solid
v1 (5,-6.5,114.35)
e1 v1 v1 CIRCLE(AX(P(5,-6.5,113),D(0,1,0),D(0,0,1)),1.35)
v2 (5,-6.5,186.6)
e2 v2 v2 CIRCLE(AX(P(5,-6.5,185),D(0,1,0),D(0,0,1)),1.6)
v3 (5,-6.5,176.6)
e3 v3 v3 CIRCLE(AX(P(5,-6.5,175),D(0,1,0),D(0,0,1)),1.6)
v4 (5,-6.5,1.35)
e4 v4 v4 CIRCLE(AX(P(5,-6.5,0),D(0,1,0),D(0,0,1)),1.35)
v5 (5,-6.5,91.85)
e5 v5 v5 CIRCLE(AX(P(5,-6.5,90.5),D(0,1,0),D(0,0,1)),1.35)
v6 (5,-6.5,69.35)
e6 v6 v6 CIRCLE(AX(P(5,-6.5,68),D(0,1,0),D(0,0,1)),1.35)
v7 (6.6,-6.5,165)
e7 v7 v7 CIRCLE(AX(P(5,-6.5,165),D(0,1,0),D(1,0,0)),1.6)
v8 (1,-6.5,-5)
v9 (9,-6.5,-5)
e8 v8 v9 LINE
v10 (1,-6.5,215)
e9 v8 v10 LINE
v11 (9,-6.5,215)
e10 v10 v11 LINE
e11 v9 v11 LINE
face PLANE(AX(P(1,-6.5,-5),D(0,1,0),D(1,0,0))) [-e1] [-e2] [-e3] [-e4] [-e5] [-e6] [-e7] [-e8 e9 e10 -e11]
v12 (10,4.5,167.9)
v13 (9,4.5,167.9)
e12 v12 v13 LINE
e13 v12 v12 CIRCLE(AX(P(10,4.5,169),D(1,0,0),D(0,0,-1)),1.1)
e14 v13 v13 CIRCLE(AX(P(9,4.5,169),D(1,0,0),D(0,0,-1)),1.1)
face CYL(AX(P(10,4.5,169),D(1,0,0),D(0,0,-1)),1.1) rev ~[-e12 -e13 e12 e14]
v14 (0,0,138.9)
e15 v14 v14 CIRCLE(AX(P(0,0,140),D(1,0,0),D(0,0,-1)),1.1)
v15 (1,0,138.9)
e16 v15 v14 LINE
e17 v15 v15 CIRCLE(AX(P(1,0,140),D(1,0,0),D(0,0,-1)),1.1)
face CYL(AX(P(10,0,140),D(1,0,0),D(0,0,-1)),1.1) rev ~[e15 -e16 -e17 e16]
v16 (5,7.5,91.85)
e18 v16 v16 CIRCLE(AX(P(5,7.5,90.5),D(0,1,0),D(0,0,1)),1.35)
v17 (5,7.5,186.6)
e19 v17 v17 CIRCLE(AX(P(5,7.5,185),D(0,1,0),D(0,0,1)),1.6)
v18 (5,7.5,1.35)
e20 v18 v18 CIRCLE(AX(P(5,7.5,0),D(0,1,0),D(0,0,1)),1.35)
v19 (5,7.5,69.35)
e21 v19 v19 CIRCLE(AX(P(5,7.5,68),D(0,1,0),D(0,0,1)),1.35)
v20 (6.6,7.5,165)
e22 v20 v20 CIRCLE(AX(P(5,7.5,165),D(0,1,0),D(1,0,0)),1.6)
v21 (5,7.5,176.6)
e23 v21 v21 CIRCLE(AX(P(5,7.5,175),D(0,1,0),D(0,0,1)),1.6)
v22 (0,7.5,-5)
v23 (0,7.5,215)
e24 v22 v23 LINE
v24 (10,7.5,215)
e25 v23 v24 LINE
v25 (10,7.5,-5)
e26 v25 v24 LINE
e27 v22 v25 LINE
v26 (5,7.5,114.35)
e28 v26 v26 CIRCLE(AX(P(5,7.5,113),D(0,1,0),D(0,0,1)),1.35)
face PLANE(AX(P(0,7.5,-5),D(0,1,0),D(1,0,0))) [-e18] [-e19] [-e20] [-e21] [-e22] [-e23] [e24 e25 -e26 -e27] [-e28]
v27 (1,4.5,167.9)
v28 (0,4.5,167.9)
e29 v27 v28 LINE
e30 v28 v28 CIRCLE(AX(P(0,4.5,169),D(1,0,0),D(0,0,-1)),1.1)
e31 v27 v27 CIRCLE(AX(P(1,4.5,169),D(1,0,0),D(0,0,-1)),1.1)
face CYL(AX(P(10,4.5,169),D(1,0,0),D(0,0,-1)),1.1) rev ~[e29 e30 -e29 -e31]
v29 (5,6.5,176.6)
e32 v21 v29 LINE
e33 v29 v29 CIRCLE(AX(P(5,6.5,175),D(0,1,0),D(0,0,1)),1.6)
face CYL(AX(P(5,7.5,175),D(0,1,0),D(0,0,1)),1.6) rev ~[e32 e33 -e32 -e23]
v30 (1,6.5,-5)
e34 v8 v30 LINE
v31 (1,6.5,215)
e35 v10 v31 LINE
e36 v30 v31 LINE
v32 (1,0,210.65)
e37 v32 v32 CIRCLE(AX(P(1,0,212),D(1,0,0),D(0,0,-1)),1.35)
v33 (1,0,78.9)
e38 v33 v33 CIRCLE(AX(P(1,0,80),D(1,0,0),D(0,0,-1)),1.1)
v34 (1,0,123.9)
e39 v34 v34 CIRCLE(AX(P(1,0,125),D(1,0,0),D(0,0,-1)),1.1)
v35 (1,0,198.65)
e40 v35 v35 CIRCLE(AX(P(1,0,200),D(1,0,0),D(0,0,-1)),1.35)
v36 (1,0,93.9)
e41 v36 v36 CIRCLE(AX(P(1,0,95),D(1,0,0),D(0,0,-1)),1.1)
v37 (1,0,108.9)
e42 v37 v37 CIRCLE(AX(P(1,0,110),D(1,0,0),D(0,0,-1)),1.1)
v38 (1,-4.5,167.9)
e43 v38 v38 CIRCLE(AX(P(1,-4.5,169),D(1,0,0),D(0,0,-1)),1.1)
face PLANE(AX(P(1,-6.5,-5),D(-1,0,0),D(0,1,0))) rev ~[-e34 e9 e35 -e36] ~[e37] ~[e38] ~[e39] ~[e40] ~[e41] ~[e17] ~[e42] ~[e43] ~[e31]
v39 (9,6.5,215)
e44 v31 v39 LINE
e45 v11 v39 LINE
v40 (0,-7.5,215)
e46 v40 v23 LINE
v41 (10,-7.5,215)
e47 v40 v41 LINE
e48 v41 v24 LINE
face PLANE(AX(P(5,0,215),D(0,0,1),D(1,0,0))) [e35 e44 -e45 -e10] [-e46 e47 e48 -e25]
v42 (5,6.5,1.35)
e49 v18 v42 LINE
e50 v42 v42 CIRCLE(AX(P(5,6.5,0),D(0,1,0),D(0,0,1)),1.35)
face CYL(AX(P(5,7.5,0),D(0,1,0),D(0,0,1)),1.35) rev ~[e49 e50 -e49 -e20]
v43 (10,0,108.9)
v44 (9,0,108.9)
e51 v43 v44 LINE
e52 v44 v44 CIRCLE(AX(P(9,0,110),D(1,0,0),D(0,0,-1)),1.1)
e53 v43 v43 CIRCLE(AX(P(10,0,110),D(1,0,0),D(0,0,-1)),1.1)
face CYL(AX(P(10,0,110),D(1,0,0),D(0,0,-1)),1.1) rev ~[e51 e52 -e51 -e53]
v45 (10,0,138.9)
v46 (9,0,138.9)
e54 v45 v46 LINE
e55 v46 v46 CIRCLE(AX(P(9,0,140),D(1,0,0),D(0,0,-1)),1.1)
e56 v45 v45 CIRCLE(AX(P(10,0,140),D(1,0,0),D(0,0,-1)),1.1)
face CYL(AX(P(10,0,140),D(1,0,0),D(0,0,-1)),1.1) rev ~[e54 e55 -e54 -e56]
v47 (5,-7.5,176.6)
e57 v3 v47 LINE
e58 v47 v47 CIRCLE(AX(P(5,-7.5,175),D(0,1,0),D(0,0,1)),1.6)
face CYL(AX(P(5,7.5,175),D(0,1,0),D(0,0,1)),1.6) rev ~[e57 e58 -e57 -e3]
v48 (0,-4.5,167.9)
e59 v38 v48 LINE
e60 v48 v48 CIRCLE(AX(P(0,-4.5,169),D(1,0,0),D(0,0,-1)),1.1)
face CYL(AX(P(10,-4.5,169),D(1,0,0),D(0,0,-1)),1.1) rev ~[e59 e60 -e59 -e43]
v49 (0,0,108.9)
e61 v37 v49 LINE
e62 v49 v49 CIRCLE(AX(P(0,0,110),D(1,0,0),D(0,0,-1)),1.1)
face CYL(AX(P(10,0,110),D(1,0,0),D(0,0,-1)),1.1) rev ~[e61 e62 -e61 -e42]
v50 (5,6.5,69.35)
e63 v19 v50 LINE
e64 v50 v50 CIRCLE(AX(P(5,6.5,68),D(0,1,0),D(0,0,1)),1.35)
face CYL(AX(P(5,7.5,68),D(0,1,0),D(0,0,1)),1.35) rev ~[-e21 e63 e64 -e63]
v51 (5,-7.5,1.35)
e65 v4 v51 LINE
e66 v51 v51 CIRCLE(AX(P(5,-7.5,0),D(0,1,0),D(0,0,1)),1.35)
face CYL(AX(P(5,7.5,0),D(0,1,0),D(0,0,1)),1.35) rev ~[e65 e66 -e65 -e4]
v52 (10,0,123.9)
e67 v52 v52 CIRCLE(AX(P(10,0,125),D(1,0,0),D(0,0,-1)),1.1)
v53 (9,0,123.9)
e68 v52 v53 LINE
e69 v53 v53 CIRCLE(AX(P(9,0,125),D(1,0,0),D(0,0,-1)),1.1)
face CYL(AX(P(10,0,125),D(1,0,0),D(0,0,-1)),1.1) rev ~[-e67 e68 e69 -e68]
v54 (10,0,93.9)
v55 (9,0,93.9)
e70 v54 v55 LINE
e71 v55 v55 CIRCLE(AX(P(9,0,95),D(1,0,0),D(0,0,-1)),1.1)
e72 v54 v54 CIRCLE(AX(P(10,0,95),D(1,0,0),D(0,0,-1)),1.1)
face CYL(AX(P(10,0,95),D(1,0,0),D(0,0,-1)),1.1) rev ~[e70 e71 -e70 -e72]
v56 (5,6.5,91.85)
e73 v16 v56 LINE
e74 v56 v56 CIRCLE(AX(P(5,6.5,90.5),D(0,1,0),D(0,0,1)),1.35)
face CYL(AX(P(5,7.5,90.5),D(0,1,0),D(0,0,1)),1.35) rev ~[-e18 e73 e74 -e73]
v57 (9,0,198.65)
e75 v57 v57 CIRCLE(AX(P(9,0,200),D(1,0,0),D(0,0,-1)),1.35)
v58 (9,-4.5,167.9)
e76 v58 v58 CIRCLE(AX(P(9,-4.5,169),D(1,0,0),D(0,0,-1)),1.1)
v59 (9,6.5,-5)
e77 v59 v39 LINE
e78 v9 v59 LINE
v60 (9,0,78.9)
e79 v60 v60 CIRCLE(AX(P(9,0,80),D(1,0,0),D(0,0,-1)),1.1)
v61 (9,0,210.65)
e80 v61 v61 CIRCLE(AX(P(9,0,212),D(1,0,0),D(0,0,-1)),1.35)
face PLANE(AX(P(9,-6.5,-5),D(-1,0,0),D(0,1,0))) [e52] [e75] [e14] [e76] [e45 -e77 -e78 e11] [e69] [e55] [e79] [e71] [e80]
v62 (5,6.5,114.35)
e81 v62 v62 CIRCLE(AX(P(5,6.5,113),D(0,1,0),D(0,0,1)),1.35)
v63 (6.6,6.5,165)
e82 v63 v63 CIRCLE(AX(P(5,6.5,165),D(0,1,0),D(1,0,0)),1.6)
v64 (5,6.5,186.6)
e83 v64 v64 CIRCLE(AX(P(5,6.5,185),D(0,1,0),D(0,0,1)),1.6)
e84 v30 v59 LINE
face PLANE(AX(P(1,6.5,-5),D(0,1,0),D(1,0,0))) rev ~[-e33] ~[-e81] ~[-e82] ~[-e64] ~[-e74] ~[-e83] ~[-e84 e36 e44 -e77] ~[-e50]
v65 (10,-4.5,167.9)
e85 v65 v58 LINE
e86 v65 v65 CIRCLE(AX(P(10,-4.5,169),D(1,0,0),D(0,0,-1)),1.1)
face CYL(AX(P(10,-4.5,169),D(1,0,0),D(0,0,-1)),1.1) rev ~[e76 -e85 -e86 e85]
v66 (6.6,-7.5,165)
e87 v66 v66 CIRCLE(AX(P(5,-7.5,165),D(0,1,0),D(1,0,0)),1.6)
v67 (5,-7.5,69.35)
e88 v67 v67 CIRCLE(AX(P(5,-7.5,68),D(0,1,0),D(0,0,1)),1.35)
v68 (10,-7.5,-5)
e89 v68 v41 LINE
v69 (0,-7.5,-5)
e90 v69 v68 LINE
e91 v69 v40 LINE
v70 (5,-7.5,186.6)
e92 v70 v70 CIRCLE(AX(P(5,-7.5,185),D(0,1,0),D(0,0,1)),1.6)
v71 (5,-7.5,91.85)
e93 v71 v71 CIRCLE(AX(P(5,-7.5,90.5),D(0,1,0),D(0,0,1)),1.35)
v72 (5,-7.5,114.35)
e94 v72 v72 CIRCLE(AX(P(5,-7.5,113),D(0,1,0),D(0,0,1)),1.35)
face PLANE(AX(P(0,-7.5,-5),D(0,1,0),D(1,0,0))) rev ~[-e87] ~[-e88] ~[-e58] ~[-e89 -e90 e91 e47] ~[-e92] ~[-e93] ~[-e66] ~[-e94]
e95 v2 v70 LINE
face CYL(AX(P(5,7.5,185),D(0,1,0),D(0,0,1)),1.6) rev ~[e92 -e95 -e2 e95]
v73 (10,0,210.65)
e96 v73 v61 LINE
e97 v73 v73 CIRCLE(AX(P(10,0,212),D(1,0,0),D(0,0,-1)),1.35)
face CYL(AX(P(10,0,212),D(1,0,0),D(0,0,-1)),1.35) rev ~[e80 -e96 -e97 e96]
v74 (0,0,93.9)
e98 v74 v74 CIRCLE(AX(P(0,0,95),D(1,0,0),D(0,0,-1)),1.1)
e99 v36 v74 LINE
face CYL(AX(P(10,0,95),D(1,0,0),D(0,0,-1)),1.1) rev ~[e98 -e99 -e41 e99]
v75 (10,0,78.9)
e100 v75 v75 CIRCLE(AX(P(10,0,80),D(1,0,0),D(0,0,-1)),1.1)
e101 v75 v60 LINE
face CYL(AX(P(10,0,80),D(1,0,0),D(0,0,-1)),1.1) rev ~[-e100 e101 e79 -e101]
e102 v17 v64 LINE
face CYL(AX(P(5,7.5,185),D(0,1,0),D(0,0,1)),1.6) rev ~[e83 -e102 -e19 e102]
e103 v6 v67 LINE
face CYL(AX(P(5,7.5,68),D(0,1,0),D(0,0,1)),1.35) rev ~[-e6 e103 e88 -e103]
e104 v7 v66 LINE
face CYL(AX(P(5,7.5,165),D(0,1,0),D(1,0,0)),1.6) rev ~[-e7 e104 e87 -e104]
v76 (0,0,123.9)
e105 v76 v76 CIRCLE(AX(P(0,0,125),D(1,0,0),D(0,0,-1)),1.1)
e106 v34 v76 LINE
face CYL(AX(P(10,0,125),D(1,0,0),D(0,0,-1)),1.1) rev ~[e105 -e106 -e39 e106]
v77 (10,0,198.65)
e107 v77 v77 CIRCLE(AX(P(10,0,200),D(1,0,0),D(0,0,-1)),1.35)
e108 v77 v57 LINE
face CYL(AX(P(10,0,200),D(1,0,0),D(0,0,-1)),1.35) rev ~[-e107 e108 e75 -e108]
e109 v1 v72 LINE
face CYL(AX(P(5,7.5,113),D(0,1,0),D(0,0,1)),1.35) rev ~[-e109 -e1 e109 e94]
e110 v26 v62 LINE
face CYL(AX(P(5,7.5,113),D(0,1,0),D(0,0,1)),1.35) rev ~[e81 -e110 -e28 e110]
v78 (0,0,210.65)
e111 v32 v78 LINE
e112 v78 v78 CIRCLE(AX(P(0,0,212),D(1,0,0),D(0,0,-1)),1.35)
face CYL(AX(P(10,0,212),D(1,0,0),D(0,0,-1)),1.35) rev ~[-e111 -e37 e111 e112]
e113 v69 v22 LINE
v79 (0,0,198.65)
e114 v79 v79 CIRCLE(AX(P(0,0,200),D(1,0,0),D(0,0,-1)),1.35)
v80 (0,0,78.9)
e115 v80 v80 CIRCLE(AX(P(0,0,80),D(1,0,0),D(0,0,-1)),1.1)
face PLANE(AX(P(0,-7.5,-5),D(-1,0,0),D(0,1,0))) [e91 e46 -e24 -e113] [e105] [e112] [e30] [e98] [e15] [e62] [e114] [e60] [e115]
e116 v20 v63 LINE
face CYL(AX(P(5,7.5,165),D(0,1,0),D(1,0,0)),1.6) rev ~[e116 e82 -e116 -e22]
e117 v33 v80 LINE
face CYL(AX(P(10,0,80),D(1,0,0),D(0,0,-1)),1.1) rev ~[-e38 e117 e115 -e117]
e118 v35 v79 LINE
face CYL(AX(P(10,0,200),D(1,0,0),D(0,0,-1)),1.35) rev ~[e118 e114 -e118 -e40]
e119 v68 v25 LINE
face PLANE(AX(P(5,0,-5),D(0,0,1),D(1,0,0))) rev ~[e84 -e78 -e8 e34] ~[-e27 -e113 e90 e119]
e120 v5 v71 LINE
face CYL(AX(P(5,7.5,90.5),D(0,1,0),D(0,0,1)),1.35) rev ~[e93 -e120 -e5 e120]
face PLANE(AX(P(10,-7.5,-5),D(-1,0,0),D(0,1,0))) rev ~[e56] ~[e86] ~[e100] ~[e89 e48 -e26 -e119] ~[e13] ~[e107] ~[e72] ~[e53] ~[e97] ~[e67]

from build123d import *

# Parameters (mm, degrees)
SKETCH1_W             = 10
SKETCH1_H             = 15
SKETCH1_W_2           = 8
SKETCH1_H_2           = 13
F_20_X_20_X_2_1_DEPTH = 12.5
SKETCH14_W            = 25
SKETCH14_H            = 15
SKETCH14_W_2          = 23
SKETCH14_H_2          = 13
F_20_X_20_X_2_8_DEPTH = 71
SKETCH_8_W            = 10
SKETCH_8_H            = 15
SKETCH_8_W_2          = 8
SKETCH_8_H_2          = 13
EXTRUDE_1_DEPTH       = 220
SKETCH_9_R            = 1.05
SKETCH_9_R_2          = 1.35
SKETCH_9_R_3          = 1.6
SKETCH_9_W            = 4
SKETCH_9_H            = 7
CUT_EXTRUDE_3_DEPTH   = 217.967739537
SKETCH_10_W           = 12
SKETCH_10_H           = 15
CUT_EXTRUDE_4_DEPTH   = 1
SKETCH_11_R           = 1.1
SKETCH_11_R_2         = 1.35
CUT_EXTRUDE_5_DEPTH   = 218.959285189
SKETCH_14_W           = 25
SKETCH_14_H           = 71
CUT_EXTRUDE_6_DEPTH   = 217.967739537


with BuildPart() as part:
    # Sketch1 → 方形管 20 X 20 X 2(1) (new body)
    with BuildSketch(Plane.ZY):
        Rectangle(SKETCH1_W, SKETCH1_H)
        Rectangle(SKETCH1_W_2, SKETCH1_H_2, mode=Mode.SUBTRACT)
    extrude(amount=F_20_X_20_X_2_1_DEPTH)


with BuildPart() as body_2:
    # Sketch14 → 方形管 20 X 20 X 2(8) (new body)
    with BuildSketch(Plane(origin=(-12.5, 0, -5), x_dir=(1, 0, 0), z_dir=(0, 0, 1))):
        Rectangle(SKETCH14_W, SKETCH14_H)
        Rectangle(SKETCH14_W_2, SKETCH14_H_2, mode=Mode.SUBTRACT)
    extrude(amount=F_20_X_20_X_2_8_DEPTH)


with BuildPart() as body_3:
    # 草图8 → 凸台-拉伸1 (new body)
    with BuildSketch(Plane.XY.offset(-5)):
        with Locations((5, 0)):
            Rectangle(SKETCH_8_W, SKETCH_8_H)
        with Locations((5, 0)):
            Rectangle(SKETCH_8_W_2, SKETCH_8_H_2, mode=Mode.SUBTRACT)
    extrude(amount=EXTRUDE_1_DEPTH)


with BuildPart() as cut_extrude_3_tool:
    # 草图9 → 切除-拉伸3 (new, through all)
    with BuildSketch(Plane(origin=(0, 7.5, 0), x_dir=(1, 0, 0), z_dir=(0, 1, 0))):
        with Locations(Location((-4, -48.5, 0), (0, 0, 270))):
            Circle(SKETCH_9_R)
        with Locations(Location((-21, -48.5, 0), (0, 0, 180))):
            Circle(SKETCH_9_R)
        with Locations(Location((-21, -12.5, 0), (0, 0, 270))):
            Circle(SKETCH_9_R)
        with Locations(Location((-4, -12.5, 0), (0, 0, 180))):
            Circle(SKETCH_9_R)
        with Locations(Location((-4.5, -61, 0), (0, 0, 270))):
            Circle(SKETCH_9_R_2)
        with Locations(Location((-20.5, -61, 0), (0, 0, 180))):
            Circle(SKETCH_9_R_2)
        with Locations(Location((5, -68, 0), (0, 0, 270))):
            Circle(SKETCH_9_R_2)
        with Locations(Location((5, -90.5, 0), (0, 0, 270))):
            Circle(SKETCH_9_R_2)
        with Locations(Location((5, -113, 0), (0, 0, 270))):
            Circle(SKETCH_9_R_2)
        with Locations(Location((5, -175, 0), (0, 0, 270))):
            Circle(SKETCH_9_R_3)
        with Locations(Location((-22, 0, 0), (0, 0, 270))):
            Circle(SKETCH_9_R_2)
        with Locations(Location((5, 0, 0), (0, 0, 270))):
            Circle(SKETCH_9_R_2)
        with Locations(Location((-3, 0, 0), (0, 0, 180))):
            Circle(SKETCH_9_R_2)
        with Locations(Location((5, -185, 0), (0, 0, 270))):
            Circle(SKETCH_9_R_3)
        with Locations((5, -165)):
            Circle(SKETCH_9_R_3)
        with Locations((-16.5, -15.5)):
            Rectangle(SKETCH_9_W, SKETCH_9_H)
        with Locations((-16.5, -45.5)):
            Rectangle(SKETCH_9_W, SKETCH_9_H)
        with Locations((-8.5, -45.5)):
            Rectangle(SKETCH_9_W, SKETCH_9_H)
        with Locations((-8.5, -15.5)):
            Rectangle(SKETCH_9_W, SKETCH_9_H)
    extrude(amount=-CUT_EXTRUDE_3_DEPTH)


with BuildPart() as part_1:
    add(part.part)

    # 切除-拉伸3: cut by cut_extrude_3_tool
    add(cut_extrude_3_tool.part, mode=Mode.SUBTRACT)


with BuildPart() as body_2_1:
    add(body_2.part)

    # 切除-拉伸3: cut by cut_extrude_3_tool
    add(cut_extrude_3_tool.part, mode=Mode.SUBTRACT)

    # 草图10 → 切除-拉伸4 (cut)
    with BuildSketch(Plane(origin=(0, 7.5, 0), x_dir=(1, 0, 0), z_dir=(0, 1, 0))):
        with Locations((-12.5, -30.5)):
            Rectangle(SKETCH_10_W, SKETCH_10_H)
    extrude(amount=-CUT_EXTRUDE_4_DEPTH, mode=Mode.SUBTRACT)

    # 草图14 → 切除-拉伸6 (cut, through all)
    with BuildSketch(Plane(origin=(0, 7.5, 0), x_dir=(1, 0, 0), z_dir=(0, 1, 0))):
        with Locations((-12.5, -30.5)):
            Rectangle(SKETCH_14_W, SKETCH_14_H)
    extrude(amount=-CUT_EXTRUDE_6_DEPTH, mode=Mode.SUBTRACT)


with BuildPart() as body_3_1:
    add(body_3.part)

    # 切除-拉伸3: cut by cut_extrude_3_tool
    add(cut_extrude_3_tool.part, mode=Mode.SUBTRACT)

    # 草图11 → 切除-拉伸5 (cut, through all)
    with BuildSketch(Plane(origin=(10, 0, 0), x_dir=(0, 0, -1), z_dir=(1, 0, 0))):
        with Locations((-80, 0)):
            Circle(SKETCH_11_R)
        with Locations((-95, 0)):
            Circle(SKETCH_11_R)
        with Locations((-110, 0)):
            Circle(SKETCH_11_R)
        with Locations((-125, 0)):
            Circle(SKETCH_11_R)
        with Locations((-140, 0)):
            Circle(SKETCH_11_R)
        with Locations((-212, 0)):
            Circle(SKETCH_11_R_2)
        with Locations((-200, 0)):
            Circle(SKETCH_11_R_2)
        with Locations((-169, -4.5)):
            Circle(SKETCH_11_R)
        with Locations((-169, 4.5)):
            Circle(SKETCH_11_R)
    extrude(amount=-CUT_EXTRUDE_5_DEPTH, mode=Mode.SUBTRACT)


solid = body_3_1.part
